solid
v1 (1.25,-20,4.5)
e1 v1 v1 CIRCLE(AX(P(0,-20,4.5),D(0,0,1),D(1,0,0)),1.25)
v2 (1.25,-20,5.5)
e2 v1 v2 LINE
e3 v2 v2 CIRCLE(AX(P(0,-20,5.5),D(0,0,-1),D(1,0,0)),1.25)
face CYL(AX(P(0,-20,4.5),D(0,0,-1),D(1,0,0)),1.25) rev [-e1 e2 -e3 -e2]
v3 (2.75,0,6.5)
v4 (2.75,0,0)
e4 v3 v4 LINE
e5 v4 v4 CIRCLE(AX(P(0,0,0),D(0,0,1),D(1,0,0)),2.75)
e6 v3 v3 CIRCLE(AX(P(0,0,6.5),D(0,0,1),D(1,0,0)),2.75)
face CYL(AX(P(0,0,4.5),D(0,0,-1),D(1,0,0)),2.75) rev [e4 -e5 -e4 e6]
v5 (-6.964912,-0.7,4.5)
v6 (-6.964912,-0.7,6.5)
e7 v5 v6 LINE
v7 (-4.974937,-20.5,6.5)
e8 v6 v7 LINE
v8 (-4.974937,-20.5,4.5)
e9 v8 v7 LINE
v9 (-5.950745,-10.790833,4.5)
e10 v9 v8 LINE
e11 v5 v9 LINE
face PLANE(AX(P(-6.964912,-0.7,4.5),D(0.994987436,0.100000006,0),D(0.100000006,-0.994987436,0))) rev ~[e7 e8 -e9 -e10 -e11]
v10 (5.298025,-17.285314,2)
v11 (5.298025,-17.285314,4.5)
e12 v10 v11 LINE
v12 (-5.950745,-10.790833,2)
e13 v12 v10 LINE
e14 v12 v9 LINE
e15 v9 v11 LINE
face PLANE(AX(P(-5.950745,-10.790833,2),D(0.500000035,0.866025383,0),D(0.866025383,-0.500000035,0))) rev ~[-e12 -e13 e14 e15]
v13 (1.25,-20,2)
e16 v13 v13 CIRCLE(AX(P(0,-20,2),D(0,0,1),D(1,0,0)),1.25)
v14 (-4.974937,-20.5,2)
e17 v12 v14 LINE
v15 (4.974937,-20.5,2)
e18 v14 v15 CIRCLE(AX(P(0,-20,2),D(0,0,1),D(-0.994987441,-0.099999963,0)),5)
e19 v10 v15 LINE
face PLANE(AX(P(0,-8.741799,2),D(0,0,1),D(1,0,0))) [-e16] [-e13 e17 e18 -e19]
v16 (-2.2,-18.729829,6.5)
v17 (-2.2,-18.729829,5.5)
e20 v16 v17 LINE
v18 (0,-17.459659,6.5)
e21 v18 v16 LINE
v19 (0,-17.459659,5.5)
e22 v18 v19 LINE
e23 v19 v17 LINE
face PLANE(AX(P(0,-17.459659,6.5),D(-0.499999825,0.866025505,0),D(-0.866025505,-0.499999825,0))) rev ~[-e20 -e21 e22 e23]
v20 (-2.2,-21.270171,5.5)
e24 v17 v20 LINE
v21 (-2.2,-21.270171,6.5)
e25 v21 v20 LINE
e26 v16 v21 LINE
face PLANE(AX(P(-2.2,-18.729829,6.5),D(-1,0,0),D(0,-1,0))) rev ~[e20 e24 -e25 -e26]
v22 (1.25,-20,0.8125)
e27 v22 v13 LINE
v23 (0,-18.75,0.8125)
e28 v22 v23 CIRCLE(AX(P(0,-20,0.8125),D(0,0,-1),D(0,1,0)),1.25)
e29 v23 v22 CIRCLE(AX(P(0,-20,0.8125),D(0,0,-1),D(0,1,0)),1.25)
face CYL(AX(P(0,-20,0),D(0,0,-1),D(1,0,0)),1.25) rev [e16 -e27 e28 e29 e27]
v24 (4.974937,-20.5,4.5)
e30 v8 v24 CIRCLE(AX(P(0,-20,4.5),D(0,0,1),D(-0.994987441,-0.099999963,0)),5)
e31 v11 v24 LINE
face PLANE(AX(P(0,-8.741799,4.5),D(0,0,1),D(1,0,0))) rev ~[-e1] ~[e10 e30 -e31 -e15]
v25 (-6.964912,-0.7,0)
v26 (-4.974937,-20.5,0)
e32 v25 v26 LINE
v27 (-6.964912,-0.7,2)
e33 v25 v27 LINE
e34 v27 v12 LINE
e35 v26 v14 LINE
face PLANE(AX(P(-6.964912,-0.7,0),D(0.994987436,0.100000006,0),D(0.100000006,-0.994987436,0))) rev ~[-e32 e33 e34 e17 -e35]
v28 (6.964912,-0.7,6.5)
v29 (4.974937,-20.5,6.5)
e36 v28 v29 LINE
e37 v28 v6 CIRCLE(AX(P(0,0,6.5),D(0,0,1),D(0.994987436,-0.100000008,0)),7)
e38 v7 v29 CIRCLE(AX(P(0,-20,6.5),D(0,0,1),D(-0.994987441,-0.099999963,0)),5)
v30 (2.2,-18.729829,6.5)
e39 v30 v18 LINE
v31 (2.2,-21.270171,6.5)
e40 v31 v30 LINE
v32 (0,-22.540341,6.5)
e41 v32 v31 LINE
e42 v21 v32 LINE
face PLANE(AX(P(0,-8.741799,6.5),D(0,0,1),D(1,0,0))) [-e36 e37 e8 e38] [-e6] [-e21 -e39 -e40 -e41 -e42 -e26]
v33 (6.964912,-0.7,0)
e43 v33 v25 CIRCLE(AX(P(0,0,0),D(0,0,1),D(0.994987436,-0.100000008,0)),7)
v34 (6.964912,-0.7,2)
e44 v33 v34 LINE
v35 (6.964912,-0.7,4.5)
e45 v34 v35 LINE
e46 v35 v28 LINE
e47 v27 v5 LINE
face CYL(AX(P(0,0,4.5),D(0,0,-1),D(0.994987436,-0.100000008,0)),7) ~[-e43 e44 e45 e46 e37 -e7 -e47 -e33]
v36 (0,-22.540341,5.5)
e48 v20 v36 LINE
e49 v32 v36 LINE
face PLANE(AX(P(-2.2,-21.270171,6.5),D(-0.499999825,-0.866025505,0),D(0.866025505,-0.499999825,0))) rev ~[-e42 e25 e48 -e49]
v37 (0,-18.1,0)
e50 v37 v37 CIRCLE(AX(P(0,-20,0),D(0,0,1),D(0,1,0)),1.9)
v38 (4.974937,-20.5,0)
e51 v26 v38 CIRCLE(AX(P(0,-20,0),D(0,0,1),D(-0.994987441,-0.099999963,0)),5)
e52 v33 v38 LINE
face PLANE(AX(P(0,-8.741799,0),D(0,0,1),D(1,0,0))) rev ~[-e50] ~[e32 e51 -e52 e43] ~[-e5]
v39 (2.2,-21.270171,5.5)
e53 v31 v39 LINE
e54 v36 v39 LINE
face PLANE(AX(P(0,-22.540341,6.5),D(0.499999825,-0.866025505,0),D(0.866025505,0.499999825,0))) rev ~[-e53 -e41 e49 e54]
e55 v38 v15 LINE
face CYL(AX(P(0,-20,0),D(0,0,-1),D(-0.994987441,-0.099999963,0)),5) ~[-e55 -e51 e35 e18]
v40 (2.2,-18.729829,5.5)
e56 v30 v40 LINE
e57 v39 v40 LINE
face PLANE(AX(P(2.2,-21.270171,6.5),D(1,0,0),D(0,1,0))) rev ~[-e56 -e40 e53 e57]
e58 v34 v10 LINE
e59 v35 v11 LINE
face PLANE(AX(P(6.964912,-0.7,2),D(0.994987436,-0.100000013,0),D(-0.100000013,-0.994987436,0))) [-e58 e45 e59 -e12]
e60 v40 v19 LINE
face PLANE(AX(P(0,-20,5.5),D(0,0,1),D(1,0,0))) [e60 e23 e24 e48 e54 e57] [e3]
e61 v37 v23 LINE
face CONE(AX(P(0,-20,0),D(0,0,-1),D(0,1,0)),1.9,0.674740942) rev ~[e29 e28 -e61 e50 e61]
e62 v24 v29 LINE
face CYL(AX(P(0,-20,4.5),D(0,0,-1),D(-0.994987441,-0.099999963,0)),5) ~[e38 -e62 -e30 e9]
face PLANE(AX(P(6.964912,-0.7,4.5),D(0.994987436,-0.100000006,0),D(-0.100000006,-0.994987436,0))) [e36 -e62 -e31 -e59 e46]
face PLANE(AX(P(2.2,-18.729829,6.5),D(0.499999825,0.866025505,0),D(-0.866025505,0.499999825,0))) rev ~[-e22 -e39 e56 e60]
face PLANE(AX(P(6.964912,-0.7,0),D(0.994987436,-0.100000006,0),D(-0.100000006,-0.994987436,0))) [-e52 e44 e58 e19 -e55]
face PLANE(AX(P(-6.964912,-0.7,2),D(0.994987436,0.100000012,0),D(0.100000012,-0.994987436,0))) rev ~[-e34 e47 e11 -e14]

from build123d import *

# Parameters (mm, degrees)
SKETCH_R      = 2.75
SKETCH_R_2    = 1.25
PAD_DEPTH     = 2
SKETCH001_R   = 4.75
SKETCH001_R_2 = 2.75
PAD001_DEPTH  = 2
SKETCH002_R   = 2.75
PAD002_DEPTH  = 2.5
SKETCH003_R   = 2.75
SKETCH003_R_2 = 1.25
PAD003_DEPTH  = 2
POCKET_DEPTH  = 1


with BuildPart() as part:
    # Sketch → Pad (new body)
    with BuildSketch(Plane.XY):
        with BuildLine():
            ThreePointArc((6.964912, -0.7), (0, 7), (-6.964912, -0.7))
            Line((-6.964912, -0.7), (-4.974937, -20.5))
            ThreePointArc((-4.974937, -20.5), (0, -25), (4.974937, -20.5))
            Line((6.964912, -0.7), (4.974937, -20.5))
        make_face()
        Circle(SKETCH_R, mode=Mode.SUBTRACT)
        with Locations((0, -20)):
            Circle(SKETCH_R_2, mode=Mode.SUBTRACT)
    extrude(amount=PAD_DEPTH)

    # Sketch001 (on DatumPlane) → Pad001 (join)
    with BuildSketch(Plane.XY.offset(2)):
        Circle(SKETCH001_R)
        Circle(SKETCH001_R_2, mode=Mode.SUBTRACT)
    extrude(amount=PAD001_DEPTH)

    # Sketch002 (on DatumPlane) → Pad002 (join)
    with BuildSketch(Plane.XY.offset(2)):
        with BuildLine():
            Line((-5.950745, -10.790833), (5.298025, -17.285314))
            Line((6.964912, -0.7), (5.298025, -17.285314))
            ThreePointArc((6.964912, -0.7), (0, 7), (-6.964912, -0.7))
            Line((-6.964912, -0.7), (-5.950745, -10.790833))
        make_face()
        Circle(SKETCH002_R, mode=Mode.SUBTRACT)
    extrude(amount=PAD002_DEPTH)

    # Sketch003 (on DatumPlane) → Pad003 (join)
    with BuildSketch(Plane.XY.offset(4.5)):
        with BuildLine():
            ThreePointArc((6.964912, -0.7), (0, 7), (-6.964912, -0.7))
            Line((-6.964912, -0.7), (-4.974937, -20.5))
            ThreePointArc((-4.974937, -20.5), (0, -25), (4.974937, -20.5))
            Line((6.964912, -0.7), (4.974937, -20.5))
        make_face()
        Circle(SKETCH003_R, mode=Mode.SUBTRACT)
        with Locations((0, -20)):
            Circle(SKETCH003_R_2, mode=Mode.SUBTRACT)
    extrude(amount=PAD003_DEPTH)

    # Sketch007 (on DatumPlane) → Pocket (cut)
    with BuildSketch(Plane.XY.offset(6.5)):
        Polygon((2.2, -21.270171), (2.2, -18.729829), (0, -17.459659), (-2.2, -18.729829), (-2.2, -21.270171), (0, -22.540341), align=None)
    extrude(amount=-POCKET_DEPTH, mode=Mode.SUBTRACT)

    # Sketch008 → Groove (revolve, cut)
    with BuildSketch(Plane.YZ):
        Polygon((-20, 0), (-18.1, 0), (-18.9, 1), (-20, 1), align=None)
    revolve(axis=Axis((0, -20, 0), (0, 0, 1)), mode=Mode.SUBTRACT)


solid = part.part
